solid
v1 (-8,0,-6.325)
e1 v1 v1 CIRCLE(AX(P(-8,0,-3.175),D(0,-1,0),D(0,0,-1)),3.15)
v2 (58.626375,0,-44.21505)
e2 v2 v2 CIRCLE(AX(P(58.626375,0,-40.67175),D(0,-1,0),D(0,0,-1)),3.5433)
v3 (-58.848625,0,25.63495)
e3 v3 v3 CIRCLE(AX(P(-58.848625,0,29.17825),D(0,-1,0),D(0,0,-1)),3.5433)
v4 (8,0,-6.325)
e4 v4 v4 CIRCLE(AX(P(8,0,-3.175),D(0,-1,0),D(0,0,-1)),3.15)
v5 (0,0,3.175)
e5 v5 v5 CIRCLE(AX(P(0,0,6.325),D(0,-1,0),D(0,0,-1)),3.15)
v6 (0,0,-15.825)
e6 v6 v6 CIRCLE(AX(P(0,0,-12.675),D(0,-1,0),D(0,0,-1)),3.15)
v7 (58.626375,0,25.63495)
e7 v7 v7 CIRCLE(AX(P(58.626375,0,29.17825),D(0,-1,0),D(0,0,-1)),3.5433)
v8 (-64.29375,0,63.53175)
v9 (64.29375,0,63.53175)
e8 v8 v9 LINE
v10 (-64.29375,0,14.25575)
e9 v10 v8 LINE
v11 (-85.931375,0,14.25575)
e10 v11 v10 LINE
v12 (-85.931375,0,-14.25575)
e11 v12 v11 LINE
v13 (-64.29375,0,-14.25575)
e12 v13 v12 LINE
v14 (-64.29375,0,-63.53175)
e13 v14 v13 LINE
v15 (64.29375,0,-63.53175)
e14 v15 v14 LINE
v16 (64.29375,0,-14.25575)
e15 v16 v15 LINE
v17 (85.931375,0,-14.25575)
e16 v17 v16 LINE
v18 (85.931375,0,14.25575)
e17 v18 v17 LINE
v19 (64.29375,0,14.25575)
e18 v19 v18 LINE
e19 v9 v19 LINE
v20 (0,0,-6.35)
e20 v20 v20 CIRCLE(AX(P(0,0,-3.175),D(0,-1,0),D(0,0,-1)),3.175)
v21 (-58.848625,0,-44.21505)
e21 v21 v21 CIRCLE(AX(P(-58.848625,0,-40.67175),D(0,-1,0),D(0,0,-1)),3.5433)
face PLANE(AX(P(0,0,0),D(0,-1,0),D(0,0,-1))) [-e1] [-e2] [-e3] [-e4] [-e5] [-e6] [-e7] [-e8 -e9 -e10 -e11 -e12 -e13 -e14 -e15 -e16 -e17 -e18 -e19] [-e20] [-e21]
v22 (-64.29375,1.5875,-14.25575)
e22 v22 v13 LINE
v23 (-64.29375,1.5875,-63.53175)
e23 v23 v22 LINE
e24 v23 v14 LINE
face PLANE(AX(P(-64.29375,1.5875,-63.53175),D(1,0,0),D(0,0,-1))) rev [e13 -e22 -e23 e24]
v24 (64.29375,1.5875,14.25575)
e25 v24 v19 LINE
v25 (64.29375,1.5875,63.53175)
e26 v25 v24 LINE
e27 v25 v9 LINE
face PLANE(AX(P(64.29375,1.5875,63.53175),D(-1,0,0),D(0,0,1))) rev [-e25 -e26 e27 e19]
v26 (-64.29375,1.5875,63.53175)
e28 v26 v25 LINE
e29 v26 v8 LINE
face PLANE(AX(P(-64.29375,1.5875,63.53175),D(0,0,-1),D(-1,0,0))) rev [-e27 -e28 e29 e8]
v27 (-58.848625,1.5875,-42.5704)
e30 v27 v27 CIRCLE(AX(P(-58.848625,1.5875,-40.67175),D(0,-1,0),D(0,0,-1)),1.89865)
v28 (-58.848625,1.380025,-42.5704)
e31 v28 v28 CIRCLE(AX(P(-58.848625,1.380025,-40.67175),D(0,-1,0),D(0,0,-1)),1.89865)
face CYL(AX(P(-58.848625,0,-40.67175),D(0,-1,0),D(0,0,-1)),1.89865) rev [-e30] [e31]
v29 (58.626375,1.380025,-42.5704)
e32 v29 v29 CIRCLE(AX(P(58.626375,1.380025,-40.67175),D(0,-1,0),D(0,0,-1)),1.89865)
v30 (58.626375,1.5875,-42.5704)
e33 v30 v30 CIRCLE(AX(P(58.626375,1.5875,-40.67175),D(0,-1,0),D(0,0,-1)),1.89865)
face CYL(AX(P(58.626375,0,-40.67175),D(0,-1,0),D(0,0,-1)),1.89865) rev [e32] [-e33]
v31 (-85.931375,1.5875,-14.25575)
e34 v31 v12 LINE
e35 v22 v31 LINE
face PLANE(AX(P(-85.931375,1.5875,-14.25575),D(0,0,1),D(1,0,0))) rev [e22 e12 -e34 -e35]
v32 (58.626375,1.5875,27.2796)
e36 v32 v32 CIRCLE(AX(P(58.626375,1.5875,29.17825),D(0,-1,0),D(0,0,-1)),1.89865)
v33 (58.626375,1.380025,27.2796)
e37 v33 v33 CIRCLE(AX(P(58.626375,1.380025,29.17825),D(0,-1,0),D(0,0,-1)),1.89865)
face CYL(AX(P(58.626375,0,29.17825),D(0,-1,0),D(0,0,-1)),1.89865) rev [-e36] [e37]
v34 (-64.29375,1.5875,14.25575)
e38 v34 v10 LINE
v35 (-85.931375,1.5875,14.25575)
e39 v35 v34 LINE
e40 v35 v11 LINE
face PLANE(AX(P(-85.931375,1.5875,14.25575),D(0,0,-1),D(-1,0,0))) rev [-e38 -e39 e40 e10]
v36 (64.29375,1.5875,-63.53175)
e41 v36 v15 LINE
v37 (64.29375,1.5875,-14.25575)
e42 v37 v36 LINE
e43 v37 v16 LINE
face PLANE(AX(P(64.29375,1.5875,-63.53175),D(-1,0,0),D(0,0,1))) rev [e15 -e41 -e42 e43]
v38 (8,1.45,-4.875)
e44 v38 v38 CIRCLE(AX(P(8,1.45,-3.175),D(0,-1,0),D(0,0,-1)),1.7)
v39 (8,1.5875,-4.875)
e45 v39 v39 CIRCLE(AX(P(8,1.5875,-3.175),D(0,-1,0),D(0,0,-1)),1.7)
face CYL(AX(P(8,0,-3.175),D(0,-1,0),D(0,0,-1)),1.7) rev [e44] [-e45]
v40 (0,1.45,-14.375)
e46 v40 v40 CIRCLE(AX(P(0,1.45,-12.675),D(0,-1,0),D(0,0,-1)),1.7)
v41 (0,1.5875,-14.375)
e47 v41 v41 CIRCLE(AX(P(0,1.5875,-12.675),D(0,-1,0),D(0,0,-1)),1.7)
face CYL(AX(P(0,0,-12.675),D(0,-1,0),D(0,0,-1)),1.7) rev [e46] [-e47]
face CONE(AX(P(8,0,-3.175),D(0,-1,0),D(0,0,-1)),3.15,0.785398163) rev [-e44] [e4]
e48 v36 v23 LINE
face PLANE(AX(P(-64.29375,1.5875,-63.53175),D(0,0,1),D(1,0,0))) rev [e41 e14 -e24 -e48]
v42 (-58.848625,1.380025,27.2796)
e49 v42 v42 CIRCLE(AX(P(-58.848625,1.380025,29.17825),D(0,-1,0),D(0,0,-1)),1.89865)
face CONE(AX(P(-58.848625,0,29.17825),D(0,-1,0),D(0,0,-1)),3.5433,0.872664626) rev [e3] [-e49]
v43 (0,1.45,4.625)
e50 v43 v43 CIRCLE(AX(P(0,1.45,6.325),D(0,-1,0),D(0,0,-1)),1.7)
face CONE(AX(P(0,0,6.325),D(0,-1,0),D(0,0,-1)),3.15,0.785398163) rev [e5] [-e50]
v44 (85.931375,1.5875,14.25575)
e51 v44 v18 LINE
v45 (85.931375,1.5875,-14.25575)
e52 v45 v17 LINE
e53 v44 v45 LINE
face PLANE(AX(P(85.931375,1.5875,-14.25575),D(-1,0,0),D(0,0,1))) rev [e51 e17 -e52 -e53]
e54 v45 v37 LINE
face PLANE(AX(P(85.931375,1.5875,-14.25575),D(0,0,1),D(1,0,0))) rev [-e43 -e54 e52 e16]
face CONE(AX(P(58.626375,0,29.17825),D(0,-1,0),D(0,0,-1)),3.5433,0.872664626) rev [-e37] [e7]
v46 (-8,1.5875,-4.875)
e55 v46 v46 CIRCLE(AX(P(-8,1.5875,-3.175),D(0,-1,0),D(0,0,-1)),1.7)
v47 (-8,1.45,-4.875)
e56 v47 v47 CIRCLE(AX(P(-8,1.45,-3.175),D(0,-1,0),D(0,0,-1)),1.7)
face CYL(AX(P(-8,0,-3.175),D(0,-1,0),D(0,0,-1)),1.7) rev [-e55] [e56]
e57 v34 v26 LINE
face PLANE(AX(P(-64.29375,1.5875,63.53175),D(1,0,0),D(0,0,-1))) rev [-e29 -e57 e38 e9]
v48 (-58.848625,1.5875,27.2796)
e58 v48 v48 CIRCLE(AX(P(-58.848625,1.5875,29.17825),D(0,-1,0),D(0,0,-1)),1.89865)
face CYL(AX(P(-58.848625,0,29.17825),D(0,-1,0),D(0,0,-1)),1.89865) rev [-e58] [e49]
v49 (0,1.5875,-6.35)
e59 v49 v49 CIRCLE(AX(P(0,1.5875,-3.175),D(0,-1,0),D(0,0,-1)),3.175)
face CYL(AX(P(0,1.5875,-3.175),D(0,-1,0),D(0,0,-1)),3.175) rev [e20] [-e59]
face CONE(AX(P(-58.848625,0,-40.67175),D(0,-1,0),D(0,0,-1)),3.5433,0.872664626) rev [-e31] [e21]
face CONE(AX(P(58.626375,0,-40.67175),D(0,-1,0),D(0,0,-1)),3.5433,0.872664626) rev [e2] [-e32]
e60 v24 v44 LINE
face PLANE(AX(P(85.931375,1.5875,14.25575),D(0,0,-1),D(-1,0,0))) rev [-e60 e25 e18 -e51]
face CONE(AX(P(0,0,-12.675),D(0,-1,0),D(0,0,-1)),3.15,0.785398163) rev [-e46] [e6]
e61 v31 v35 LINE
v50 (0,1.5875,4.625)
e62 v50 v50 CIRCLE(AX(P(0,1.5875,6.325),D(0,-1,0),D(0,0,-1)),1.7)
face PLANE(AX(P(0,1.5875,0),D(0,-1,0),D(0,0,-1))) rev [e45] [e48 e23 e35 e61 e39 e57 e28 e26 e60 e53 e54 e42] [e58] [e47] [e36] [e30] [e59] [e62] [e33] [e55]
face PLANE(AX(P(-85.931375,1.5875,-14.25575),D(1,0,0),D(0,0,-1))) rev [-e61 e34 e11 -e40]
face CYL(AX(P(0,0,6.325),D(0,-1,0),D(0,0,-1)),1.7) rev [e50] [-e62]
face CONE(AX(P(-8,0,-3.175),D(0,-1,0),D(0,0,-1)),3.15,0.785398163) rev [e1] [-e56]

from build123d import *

# Parameters (mm, degrees)
BOSS_EXTRUDE1_DEPTH                            = 1.5875
CSK_FOR_6_FLAT_HEAD_MACHINE_SCREW_2_COUNT      = 2
CSK_FOR_6_FLAT_HEAD_MACHINE_SCREW_2_PITCH      = 69.85
CSK_FOR_6_FLAT_HEAD_MACHINE_SCREW_3_COUNT      = 2
CSK_FOR_6_FLAT_HEAD_MACHINE_SCREW_3_PITCH      = 136.672594638
CSK_FOR_6_FLAT_HEAD_MACHINE_SCREW_4_COUNT      = 2
CSK_FOR_6_FLAT_HEAD_MACHINE_SCREW_4_PITCH      = 117.475
SKETCH4_R                                      = 3.175
CUT_EXTRUDE1_DEPTH                             = 107.878457248
CSK_FOR_M3_FLAT_HEAD_MACHINE_SCREW2_AT_2_COUNT = 2
CSK_FOR_M3_FLAT_HEAD_MACHINE_SCREW2_AT_2_PITCH = 16
CSK_FOR_M3_FLAT_HEAD_MACHINE_SCREW2_AT_3_COUNT = 2
CSK_FOR_M3_FLAT_HEAD_MACHINE_SCREW2_AT_3_PITCH = 12.419742348
CSK_FOR_M3_FLAT_HEAD_MACHINE_SCREW2_AT_4_COUNT = 2
CSK_FOR_M3_FLAT_HEAD_MACHINE_SCREW2_AT_4_PITCH = 12.419742348


with BuildPart() as part:
    # Sketch1 → Boss-Extrude1 (new body)
    with BuildSketch(Plane(origin=(0, 0, 0), x_dir=(1, 0, 0), z_dir=(0, 1, 0))):
        Polygon((-64.29375, 63.53175), (64.29375, 63.53175), (64.29375, 14.25575), (85.931375, 14.25575), (85.931375, -14.25575), (64.29375, -14.25575), (64.29375, -63.53175), (-64.29375, -63.53175), (-64.29375, -14.25575), (-85.931375, -14.25575), (-85.931375, 14.25575), (-64.29375, 14.25575), align=None)
    extrude(amount=BOSS_EXTRUDE1_DEPTH)

    # Sketch2 → CSK for #6 Flat Head Machine Screw (100)1 (revolve, cut)
    with BuildSketch(Plane(origin=(-58.848625, 0, 29.17825), x_dir=(0, 0, -1), z_dir=(1, 0, 0))):
        Polygon((0, 0), (0, 1.5875), (1.89865, 1.5875), (1.89865, 1.380025208), (3.5433, 0), align=None)
    csk_for_6_flat_head_machine_screw_100 = revolve(axis=Axis((-58.848625, -6.35, 29.17825), (0, 1, 0)), mode=Mode.SUBTRACT)

    # CSK for _6 Flat Head Machine Screw _ 2: CSK for #6 Flat Head Machine Screw (100)1 ×2
    with Locations(*[(0, 0, -i * CSK_FOR_6_FLAT_HEAD_MACHINE_SCREW_2_PITCH) for i in range(1, CSK_FOR_6_FLAT_HEAD_MACHINE_SCREW_2_COUNT)]):
        add(csk_for_6_flat_head_machine_screw_100, mode=Mode.SUBTRACT)

    # CSK for _6 Flat Head Machine Screw _ 3: CSK for #6 Flat Head Machine Screw (100)1 ×2
    with Locations(*[Vector(0.8595358880206613, 0, -0.5110753928771502) * (i * CSK_FOR_6_FLAT_HEAD_MACHINE_SCREW_3_PITCH) for i in range(1, CSK_FOR_6_FLAT_HEAD_MACHINE_SCREW_3_COUNT)]):
        add(csk_for_6_flat_head_machine_screw_100, mode=Mode.SUBTRACT)

    # CSK for _6 Flat Head Machine Screw _ 4: CSK for #6 Flat Head Machine Screw (100)1 ×2
    with Locations(*[(i * CSK_FOR_6_FLAT_HEAD_MACHINE_SCREW_4_PITCH, 0, 0) for i in range(1, CSK_FOR_6_FLAT_HEAD_MACHINE_SCREW_4_COUNT)]):
        add(csk_for_6_flat_head_machine_screw_100, mode=Mode.SUBTRACT)

    # Sketch4 → Cut-Extrude1 (cut, through all)
    with BuildSketch(Plane.XZ):
        with Locations(Location((0, -3.175, 0), (0, 0, 270))):
            Circle(SKETCH4_R)
    extrude(amount=-CUT_EXTRUDE1_DEPTH, mode=Mode.SUBTRACT)

    # Sketch5 → CSK for M3 Flat Head Machine Screw2 (revolve, cut)
    with BuildSketch(Plane(origin=(8, 0, -3.175), x_dir=(0, 0, -1), z_dir=(1, 0, 0))):
        Polygon((0, 0), (0, 1.5875), (1.7, 1.5875), (1.7, 1.45), (3.15, 0), align=None)
    csk_for_m3_flat_head_machine_screw2 = revolve(axis=Axis((8, -6.35, -3.175), (0, 1, 0)), mode=Mode.SUBTRACT)

    # CSK for M3 Flat Head Machine Screw2 at 2: CSK for M3 Flat Head Machine Screw2 ×2
    with Locations(*[(-i * CSK_FOR_M3_FLAT_HEAD_MACHINE_SCREW2_AT_2_PITCH, 0, 0) for i in range(1, CSK_FOR_M3_FLAT_HEAD_MACHINE_SCREW2_AT_2_COUNT)]):
        add(csk_for_m3_flat_head_machine_screw2, mode=Mode.SUBTRACT)

    # CSK for M3 Flat Head Machine Screw2 at 3: CSK for M3 Flat Head Machine Screw2 ×2
    with Locations(*[Vector(-0.6441357457827798, 0, -0.7649111981170509) * (i * CSK_FOR_M3_FLAT_HEAD_MACHINE_SCREW2_AT_3_PITCH) for i in range(1, CSK_FOR_M3_FLAT_HEAD_MACHINE_SCREW2_AT_3_COUNT)]):
        add(csk_for_m3_flat_head_machine_screw2, mode=Mode.SUBTRACT)

    # CSK for M3 Flat Head Machine Screw2 at 4: CSK for M3 Flat Head Machine Screw2 ×2
    with Locations(*[Vector(-0.6441357457827798, 0, 0.7649111981170509) * (i * CSK_FOR_M3_FLAT_HEAD_MACHINE_SCREW2_AT_4_PITCH) for i in range(1, CSK_FOR_M3_FLAT_HEAD_MACHINE_SCREW2_AT_4_COUNT)]):
        add(csk_for_m3_flat_head_machine_screw2, mode=Mode.SUBTRACT)


solid = part.part
